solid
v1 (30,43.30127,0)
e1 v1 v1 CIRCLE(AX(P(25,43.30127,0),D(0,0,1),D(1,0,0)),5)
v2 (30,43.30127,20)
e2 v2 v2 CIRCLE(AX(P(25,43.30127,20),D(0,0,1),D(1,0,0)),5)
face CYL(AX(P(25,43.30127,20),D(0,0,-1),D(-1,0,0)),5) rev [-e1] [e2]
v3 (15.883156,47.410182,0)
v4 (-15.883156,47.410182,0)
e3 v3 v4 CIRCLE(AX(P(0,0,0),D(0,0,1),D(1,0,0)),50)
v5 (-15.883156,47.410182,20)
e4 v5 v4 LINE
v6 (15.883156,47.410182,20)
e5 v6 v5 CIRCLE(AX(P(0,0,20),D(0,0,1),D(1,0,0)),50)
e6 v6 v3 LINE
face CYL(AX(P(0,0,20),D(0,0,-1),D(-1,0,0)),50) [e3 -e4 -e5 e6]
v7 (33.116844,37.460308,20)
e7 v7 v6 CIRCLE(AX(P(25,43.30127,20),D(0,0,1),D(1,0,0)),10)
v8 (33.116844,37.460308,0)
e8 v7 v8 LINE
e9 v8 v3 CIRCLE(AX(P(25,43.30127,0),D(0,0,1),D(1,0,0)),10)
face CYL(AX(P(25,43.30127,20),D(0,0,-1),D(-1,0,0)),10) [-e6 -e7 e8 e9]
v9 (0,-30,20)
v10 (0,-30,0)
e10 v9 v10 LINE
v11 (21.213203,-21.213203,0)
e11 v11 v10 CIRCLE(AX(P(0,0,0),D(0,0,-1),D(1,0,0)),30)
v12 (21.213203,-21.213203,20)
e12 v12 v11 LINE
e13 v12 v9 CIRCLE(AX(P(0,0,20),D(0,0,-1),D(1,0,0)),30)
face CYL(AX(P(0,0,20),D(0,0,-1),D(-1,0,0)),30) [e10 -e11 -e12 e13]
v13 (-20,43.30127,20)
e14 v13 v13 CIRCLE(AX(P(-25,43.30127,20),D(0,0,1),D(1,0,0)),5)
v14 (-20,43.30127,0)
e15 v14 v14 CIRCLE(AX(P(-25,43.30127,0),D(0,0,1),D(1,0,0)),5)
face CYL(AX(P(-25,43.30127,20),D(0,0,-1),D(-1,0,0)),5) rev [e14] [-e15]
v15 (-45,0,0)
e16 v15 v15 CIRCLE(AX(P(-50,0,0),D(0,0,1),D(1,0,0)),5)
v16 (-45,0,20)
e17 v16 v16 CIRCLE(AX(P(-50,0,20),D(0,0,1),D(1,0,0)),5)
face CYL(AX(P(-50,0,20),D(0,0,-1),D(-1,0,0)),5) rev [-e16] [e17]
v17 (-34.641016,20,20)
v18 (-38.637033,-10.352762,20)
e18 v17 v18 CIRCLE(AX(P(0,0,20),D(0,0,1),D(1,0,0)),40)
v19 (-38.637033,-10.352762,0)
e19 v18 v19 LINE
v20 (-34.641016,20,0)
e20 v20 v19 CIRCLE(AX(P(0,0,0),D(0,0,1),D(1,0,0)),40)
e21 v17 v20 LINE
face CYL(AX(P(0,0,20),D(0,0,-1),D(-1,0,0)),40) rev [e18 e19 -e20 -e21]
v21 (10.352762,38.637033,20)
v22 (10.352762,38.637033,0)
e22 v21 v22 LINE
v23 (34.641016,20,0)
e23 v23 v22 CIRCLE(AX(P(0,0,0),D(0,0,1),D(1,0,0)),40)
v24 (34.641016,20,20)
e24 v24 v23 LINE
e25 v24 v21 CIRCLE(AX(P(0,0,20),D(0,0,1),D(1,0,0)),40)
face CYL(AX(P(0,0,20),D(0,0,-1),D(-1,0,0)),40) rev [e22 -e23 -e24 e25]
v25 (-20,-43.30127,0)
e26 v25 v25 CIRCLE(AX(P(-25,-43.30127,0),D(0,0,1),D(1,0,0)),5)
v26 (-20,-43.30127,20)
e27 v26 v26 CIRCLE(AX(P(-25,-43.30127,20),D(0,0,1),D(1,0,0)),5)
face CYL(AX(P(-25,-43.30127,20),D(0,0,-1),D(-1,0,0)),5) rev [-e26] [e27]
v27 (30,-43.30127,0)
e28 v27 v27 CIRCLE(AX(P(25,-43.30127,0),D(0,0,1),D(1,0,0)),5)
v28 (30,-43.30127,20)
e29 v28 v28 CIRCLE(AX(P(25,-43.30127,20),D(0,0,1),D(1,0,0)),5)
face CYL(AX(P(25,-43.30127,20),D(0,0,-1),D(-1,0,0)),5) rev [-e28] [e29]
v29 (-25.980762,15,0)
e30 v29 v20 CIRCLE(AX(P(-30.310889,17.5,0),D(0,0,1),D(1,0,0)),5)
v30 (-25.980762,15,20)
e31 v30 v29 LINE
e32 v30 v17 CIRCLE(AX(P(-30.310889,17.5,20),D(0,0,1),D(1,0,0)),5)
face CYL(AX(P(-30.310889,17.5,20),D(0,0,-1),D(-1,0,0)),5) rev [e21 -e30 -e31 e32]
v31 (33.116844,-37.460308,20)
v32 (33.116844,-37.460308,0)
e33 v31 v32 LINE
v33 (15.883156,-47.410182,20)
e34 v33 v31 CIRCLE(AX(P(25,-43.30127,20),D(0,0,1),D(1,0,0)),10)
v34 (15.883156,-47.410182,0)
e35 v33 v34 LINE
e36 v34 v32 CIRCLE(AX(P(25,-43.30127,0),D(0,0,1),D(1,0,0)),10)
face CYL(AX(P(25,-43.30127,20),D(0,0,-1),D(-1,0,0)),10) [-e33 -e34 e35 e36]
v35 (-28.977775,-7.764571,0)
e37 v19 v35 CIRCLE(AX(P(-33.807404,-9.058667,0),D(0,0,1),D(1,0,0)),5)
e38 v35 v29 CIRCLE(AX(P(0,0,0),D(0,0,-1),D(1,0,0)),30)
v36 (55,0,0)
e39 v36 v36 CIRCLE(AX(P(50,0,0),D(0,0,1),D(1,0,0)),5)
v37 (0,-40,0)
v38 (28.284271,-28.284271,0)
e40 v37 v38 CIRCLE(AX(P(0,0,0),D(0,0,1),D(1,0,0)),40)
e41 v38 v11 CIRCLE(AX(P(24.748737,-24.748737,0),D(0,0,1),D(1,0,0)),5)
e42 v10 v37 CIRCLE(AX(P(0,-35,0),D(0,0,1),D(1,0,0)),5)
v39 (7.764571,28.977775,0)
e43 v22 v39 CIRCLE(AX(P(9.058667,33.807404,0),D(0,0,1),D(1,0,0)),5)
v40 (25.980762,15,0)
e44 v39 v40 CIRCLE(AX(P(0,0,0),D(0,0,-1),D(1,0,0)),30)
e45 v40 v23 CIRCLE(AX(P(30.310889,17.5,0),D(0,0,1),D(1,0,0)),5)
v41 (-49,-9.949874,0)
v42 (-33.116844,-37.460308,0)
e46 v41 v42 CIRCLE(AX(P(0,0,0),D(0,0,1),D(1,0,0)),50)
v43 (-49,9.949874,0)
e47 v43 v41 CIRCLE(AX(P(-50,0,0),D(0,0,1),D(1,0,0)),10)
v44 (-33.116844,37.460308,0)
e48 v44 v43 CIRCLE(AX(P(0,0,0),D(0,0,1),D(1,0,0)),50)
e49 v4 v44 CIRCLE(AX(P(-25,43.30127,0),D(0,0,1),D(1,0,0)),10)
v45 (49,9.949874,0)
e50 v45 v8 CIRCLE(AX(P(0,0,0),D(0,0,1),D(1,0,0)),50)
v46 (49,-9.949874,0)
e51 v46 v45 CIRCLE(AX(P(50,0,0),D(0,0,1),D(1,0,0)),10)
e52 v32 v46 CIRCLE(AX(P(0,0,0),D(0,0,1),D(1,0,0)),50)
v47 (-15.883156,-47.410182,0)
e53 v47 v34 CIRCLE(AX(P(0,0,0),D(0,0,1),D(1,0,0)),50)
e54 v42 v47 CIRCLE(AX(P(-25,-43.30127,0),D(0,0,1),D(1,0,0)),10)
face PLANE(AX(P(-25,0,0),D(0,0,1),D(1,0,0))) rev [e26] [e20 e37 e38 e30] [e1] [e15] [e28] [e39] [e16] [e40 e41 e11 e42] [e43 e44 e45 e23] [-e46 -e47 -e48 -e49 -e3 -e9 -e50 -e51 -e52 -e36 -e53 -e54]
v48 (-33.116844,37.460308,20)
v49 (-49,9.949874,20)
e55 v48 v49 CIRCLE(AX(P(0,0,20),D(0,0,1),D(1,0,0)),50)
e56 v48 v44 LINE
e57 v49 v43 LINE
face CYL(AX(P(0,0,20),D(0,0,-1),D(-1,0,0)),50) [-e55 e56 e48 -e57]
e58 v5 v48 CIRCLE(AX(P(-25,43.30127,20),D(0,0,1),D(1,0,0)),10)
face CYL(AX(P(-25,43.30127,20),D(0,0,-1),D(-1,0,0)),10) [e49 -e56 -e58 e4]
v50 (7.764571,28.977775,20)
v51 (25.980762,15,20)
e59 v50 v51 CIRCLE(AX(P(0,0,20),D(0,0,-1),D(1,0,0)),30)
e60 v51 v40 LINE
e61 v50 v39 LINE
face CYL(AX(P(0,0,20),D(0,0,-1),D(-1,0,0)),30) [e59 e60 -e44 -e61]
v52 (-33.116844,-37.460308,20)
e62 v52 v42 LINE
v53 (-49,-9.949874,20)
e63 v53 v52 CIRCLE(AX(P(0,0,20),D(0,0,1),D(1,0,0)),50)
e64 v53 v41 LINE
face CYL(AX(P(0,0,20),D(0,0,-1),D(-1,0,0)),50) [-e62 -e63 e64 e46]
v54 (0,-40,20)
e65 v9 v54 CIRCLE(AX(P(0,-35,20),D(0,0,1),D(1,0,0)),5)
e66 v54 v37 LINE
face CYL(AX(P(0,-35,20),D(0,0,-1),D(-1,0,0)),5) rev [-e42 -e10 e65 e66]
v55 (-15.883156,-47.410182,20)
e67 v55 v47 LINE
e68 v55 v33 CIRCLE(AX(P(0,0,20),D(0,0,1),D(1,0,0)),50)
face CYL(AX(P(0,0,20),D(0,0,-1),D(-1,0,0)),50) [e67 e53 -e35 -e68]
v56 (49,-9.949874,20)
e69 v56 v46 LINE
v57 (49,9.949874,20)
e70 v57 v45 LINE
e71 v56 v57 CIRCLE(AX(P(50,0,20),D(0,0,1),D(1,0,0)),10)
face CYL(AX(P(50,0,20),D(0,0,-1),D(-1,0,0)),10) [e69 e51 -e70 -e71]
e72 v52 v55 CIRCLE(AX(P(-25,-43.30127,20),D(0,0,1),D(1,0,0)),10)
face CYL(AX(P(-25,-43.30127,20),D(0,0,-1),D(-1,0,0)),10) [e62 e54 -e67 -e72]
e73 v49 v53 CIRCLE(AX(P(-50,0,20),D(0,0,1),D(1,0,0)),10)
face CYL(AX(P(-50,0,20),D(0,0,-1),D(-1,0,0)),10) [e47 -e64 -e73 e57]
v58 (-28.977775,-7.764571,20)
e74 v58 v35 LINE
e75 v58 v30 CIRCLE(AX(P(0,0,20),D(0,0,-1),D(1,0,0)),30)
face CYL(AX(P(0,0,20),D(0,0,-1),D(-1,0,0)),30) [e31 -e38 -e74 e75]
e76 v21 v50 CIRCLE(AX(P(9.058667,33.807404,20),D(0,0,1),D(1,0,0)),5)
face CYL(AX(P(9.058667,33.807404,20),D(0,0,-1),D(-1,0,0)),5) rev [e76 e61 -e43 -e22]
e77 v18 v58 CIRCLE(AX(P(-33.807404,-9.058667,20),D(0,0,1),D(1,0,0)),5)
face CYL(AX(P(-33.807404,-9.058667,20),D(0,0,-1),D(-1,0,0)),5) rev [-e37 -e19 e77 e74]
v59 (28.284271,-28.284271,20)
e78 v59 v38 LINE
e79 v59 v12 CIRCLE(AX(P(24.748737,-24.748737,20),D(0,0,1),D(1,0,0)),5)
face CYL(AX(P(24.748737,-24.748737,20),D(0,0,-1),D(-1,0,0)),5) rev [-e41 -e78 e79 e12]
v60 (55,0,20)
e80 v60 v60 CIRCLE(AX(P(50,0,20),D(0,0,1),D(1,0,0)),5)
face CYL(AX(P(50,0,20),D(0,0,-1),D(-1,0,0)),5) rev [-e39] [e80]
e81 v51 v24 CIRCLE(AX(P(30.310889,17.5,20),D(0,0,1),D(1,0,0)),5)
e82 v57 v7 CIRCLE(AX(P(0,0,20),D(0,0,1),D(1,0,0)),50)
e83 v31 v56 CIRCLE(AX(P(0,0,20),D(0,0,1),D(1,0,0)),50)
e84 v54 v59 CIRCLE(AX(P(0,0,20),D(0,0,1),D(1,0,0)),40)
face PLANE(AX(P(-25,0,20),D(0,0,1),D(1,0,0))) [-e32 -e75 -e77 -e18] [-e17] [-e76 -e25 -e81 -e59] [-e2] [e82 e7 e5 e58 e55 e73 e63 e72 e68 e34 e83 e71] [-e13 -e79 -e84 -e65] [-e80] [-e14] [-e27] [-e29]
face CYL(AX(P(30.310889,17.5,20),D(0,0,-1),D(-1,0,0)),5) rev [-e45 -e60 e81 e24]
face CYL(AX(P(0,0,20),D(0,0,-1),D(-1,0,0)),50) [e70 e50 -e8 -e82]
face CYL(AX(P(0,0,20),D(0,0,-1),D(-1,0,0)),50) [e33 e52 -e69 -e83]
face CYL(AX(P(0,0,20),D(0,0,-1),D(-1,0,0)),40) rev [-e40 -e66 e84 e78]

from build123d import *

# Parameters (mm, degrees)
SKETCH2_R           = 5
BOSS_EXTRUDE2_DEPTH = 20


with BuildPart() as part:
    # Sketch2 → Boss-Extrude2 (new body)
    with BuildSketch(Plane.XY):
        with BuildLine():
            ThreePointArc((-49, -9.949874371), (-43.301270189, -25), (-33.11684397, -37.4603076))
            ThreePointArc((-33.11684397, -37.4603076), (-30, -51.961524227), (-15.88315603, -47.410181971))
            ThreePointArc((-15.88315603, -47.410181971), (0, -50), (15.88315603, -47.410181971))
            ThreePointArc((15.88315603, -47.410181971), (30, -51.961524227), (33.11684397, -37.4603076))
            ThreePointArc((33.11684397, -37.4603076), (43.301270189, -25), (49, -9.949874371))
            ThreePointArc((49, -9.949874371), (60, 0), (49, 9.949874371))
            ThreePointArc((49, 9.949874371), (43.301270189, 25), (33.11684397, 37.4603076))
            ThreePointArc((33.11684397, 37.4603076), (30, 51.961524227), (15.88315603, 47.410181971))
            ThreePointArc((15.88315603, 47.410181971), (0, 50), (-15.88315603, 47.410181971))
            ThreePointArc((-15.88315603, 47.410181971), (-30, 51.961524227), (-33.11684397, 37.4603076))
            ThreePointArc((-33.11684397, 37.4603076), (-43.301270189, 25), (-49, 9.949874371))
            ThreePointArc((-49, 9.949874371), (-60, 0), (-49, -9.949874371))
        make_face()
        with Locations((-50, 0)):
            Circle(SKETCH2_R, mode=Mode.SUBTRACT)
        with Locations((-25, 43.301270189)):
            Circle(SKETCH2_R, mode=Mode.SUBTRACT)
        with Locations((25, 43.301270189)):
            Circle(SKETCH2_R, mode=Mode.SUBTRACT)
        with Locations((50, 0)):
            Circle(SKETCH2_R, mode=Mode.SUBTRACT)
        with Locations((25, -43.301270189)):
            Circle(SKETCH2_R, mode=Mode.SUBTRACT)
        with Locations((-25, -43.301270189)):
            Circle(SKETCH2_R, mode=Mode.SUBTRACT)
        with BuildLine():
            ThreePointArc((34.641016151, 20), (24.35045716, 31.734133612), (10.352761804, 38.637033052))
            ThreePointArc((10.352761804, 38.637033052), (4.229037447, 35.101499146), (7.764571353, 28.977774789))
            ThreePointArc((7.764571353, 28.977774789), (18.26284287, 23.800600209), (25.980762114, 15))
            ThreePointArc((25.980762114, 15), (32.810889132, 13.169872981), (34.641016151, 20))
        make_face(mode=Mode.SUBTRACT)
        with BuildLine():
            ThreePointArc((0, -40), (15.307337295, -36.9551813), (28.284271247, -28.284271247))
            ThreePointArc((28.284271247, -28.284271247), (28.284271247, -21.213203436), (21.213203436, -21.213203436))
            ThreePointArc((21.213203436, -21.213203436), (11.480502971, -27.716385975), (0, -30))
            ThreePointArc((0, -30), (-5, -35), (0, -40))
        make_face(mode=Mode.SUBTRACT)
        with BuildLine():
            ThreePointArc((-34.641016151, 20), (-39.657794455, 5.221047689), (-38.637033052, -10.352761804))
            ThreePointArc((-38.637033052, -10.352761804), (-32.513308695, -13.88829571), (-28.977774789, -7.764571353))
            ThreePointArc((-28.977774789, -7.764571353), (-29.743345841, 3.915785767), (-25.980762114, 15))
            ThreePointArc((-25.980762114, 15), (-27.810889132, 21.830127019), (-34.641016151, 20))
        make_face(mode=Mode.SUBTRACT)
    extrude(amount=BOSS_EXTRUDE2_DEPTH)


solid = part.part
